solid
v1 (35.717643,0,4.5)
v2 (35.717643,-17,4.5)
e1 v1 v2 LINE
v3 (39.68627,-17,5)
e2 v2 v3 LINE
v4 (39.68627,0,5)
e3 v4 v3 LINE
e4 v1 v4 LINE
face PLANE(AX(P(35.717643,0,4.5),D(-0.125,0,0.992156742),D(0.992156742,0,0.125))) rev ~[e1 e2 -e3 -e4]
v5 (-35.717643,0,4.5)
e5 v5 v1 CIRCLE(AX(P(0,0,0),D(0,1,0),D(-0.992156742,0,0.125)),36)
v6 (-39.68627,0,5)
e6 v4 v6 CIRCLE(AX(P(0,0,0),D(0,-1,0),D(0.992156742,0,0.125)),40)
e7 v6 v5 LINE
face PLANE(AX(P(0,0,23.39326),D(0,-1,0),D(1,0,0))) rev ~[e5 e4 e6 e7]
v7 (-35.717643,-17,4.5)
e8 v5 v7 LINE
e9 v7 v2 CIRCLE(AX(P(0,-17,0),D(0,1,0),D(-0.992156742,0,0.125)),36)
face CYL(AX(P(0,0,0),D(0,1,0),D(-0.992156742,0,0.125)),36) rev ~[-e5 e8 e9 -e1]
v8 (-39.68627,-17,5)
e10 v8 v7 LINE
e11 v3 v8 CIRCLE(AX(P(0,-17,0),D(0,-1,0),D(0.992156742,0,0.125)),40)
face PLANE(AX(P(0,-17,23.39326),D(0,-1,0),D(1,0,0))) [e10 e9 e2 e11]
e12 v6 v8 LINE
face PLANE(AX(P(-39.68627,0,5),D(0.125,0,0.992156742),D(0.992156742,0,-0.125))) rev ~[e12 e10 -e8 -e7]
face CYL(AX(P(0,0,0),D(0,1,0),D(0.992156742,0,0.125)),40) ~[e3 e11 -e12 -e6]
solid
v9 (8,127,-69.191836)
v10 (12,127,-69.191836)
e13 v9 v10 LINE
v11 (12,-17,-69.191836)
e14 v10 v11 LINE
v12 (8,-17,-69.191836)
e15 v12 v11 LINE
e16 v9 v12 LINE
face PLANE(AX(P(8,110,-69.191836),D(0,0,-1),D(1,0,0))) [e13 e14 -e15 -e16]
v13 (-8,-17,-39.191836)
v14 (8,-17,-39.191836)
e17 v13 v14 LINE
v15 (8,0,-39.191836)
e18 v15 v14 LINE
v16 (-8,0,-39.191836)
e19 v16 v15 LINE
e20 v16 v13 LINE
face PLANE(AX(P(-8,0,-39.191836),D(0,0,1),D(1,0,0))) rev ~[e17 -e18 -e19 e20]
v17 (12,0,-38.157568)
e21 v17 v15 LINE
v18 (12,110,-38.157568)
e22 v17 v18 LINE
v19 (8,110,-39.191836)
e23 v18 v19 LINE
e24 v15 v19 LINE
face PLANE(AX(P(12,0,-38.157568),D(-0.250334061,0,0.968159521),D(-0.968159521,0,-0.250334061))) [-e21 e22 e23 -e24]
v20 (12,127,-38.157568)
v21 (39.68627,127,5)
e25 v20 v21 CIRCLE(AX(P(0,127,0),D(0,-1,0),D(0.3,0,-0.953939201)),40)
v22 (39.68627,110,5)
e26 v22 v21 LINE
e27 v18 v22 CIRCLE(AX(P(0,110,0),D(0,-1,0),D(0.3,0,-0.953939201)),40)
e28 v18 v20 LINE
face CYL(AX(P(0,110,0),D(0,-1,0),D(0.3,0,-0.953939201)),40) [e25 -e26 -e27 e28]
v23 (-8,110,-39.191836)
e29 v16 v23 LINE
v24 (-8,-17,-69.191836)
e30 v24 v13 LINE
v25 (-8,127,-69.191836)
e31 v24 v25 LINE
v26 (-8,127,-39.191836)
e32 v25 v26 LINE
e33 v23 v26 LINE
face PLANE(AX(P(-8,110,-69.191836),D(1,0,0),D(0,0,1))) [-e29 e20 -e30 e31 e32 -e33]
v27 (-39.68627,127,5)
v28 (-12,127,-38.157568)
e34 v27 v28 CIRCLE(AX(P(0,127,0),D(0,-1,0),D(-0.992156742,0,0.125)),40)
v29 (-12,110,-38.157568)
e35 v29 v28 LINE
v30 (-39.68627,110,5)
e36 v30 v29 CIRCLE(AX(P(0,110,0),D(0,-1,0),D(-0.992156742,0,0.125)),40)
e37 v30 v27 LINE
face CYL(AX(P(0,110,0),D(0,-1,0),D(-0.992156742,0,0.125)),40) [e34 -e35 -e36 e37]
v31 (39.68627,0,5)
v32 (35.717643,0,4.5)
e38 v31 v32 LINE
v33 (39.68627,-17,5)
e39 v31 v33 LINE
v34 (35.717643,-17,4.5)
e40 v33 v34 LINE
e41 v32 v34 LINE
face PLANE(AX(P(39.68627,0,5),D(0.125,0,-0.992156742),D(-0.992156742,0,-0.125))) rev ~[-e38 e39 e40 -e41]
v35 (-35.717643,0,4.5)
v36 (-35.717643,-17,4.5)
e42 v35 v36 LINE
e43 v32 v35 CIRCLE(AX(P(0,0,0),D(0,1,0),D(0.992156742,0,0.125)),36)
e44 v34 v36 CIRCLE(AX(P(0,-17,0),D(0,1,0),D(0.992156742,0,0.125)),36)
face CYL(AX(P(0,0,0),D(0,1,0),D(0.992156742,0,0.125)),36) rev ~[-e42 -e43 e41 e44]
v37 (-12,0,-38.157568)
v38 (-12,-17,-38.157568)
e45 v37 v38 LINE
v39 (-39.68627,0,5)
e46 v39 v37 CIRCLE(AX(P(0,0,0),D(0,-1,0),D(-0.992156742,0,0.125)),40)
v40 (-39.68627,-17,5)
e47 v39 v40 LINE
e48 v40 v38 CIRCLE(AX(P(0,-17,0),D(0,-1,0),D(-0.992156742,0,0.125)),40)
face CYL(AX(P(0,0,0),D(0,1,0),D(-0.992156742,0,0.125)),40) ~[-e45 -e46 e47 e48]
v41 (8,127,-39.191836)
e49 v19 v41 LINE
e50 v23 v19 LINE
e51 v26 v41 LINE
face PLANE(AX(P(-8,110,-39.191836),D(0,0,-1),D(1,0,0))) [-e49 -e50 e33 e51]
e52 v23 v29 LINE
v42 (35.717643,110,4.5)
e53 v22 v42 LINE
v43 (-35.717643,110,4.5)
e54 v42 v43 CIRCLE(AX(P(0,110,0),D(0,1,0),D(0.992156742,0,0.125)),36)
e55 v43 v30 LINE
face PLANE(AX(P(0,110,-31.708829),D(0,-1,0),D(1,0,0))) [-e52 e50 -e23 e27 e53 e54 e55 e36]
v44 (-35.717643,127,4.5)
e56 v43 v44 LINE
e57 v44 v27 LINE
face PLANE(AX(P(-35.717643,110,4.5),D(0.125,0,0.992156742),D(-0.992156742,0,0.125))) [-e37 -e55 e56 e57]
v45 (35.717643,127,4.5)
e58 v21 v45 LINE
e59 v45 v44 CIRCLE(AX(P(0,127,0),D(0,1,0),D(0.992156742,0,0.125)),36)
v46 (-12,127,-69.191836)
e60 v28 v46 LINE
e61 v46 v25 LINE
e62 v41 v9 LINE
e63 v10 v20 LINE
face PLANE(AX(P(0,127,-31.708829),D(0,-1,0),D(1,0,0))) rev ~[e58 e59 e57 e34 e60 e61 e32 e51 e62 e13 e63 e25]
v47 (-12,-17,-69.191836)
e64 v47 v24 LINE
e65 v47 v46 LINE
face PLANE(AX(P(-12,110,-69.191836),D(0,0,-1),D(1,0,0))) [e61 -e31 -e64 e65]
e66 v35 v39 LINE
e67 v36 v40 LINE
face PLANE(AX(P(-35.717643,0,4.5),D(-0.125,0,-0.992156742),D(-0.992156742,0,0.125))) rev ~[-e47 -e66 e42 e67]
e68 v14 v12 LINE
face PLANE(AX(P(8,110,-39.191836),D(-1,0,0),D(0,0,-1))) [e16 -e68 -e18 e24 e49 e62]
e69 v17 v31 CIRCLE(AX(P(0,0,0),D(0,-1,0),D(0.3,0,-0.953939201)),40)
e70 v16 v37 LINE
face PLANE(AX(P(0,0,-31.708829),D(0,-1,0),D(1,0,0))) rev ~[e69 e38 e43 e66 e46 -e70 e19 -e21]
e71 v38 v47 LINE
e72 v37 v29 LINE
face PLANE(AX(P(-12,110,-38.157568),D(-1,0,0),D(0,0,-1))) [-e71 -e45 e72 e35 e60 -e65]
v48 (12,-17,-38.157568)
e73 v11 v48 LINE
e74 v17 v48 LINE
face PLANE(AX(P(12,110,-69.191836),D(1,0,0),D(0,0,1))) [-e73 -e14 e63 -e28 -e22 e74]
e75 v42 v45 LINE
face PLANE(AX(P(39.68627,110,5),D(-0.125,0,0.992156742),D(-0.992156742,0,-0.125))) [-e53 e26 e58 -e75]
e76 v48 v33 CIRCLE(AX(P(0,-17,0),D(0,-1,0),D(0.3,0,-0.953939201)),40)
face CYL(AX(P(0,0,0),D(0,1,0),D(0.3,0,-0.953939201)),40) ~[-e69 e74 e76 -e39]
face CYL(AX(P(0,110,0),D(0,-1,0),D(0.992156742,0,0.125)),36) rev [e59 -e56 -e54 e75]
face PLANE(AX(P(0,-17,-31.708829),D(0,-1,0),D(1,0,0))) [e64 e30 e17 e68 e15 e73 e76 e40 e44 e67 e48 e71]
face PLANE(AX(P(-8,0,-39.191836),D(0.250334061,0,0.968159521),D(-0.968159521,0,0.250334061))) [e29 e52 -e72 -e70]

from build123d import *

# Parameters (mm, degrees)
F2_DEPTH = 17
F4_DEPTH = 110
F7_DEPTH = 17


with BuildPart() as f2:
    # F1 (on face) → F2 (new body)
    with BuildSketch(Plane.XZ):
        with BuildLine():
            Line((-8, -69.1918358845), (-8, -39.1918358845))
            Line((-8, -39.1918358845), (8, -39.1918358845))
            Line((8, -39.1918358845), (8, -69.1918358845))
            Line((8, -69.1918358845), (12, -69.1918358845))
            Line((12, -69.1918358845), (12, -38.1575680567))
            ThreePointArc((12, -38.1575680567), (33.6676630929, -21.5983439611), (39.686269666, 5))
            Line((39.686269666, 5), (35.7176426994, 4.5))
            ThreePointArc((35.7176426994, 4.5), (0, -36), (-35.7176426994, 4.5))
            Line((-35.7176426994, 4.5), (-39.686269666, 5))
            ThreePointArc((-39.686269666, 5), (-33.6676630929, -21.5983439611), (-12, -38.1575680567))
            Line((-12, -38.1575680567), (-12, -69.1918358845))
            Line((-12, -69.1918358845), (-8, -69.1918358845))
        make_face()
    extrude(amount=F2_DEPTH)

    # F3 (on Front) → F4 (join)
    with BuildSketch(Plane.XZ):
        Polygon((8, -69.1918358845), (12, -69.1918358845), (12, -38.1575680567), (8, -39.1918358845), align=None)
        Polygon((-8, -69.1918358845), (-8, -39.1918358845), (-12, -38.1575680567), (-12, -69.1918358845), align=None)
    extrude(amount=-F4_DEPTH)

    # F6 (on offset) → F7 (join)
    with BuildSketch(Plane.XZ.offset(-110)):
        with BuildLine():
            Line((-8, -69.1918358845), (-8, -39.1918358845))
            Line((-8, -39.1918358845), (8, -39.1918358845))
            Line((8, -39.1918358845), (8, -69.1918358845))
            Line((8, -69.1918358845), (12, -69.1918358845))
            Line((12, -69.1918358845), (12, -38.1575680567))
            ThreePointArc((12, -38.1575680567), (33.6676630929, -21.5983439611), (39.686269666, 5))
            Line((39.686269666, 5), (35.7176426994, 4.5))
            ThreePointArc((35.7176426994, 4.5), (0, -36), (-35.7176426994, 4.5))
            Line((-35.7176426994, 4.5), (-39.686269666, 5))
            ThreePointArc((-39.686269666, 5), (-33.6676630929, -21.5983439611), (-12, -38.1575680567))
            Line((-12, -38.1575680567), (-12, -69.1918358845))
            Line((-12, -69.1918358845), (-8, -69.1918358845))
        make_face()
    extrude(amount=-F7_DEPTH)


with BuildPart() as f2b:
    # F0 (on Front) → F2, piece 2 (new body)
    with BuildSketch(Plane.XZ):
        with BuildLine():
            Line((-39.686269666, 5), (-35.7176426994, 4.5))
            ThreePointArc((-35.7176426994, 4.5), (0, 36), (35.7176426994, 4.5))
            Line((35.7176426994, 4.5), (39.686269666, 5))
            ThreePointArc((39.686269666, 5), (0, 40), (-39.686269666, 5))
        make_face()
    extrude(amount=F2_DEPTH)


solid = Compound([f2.part, f2b.part])
